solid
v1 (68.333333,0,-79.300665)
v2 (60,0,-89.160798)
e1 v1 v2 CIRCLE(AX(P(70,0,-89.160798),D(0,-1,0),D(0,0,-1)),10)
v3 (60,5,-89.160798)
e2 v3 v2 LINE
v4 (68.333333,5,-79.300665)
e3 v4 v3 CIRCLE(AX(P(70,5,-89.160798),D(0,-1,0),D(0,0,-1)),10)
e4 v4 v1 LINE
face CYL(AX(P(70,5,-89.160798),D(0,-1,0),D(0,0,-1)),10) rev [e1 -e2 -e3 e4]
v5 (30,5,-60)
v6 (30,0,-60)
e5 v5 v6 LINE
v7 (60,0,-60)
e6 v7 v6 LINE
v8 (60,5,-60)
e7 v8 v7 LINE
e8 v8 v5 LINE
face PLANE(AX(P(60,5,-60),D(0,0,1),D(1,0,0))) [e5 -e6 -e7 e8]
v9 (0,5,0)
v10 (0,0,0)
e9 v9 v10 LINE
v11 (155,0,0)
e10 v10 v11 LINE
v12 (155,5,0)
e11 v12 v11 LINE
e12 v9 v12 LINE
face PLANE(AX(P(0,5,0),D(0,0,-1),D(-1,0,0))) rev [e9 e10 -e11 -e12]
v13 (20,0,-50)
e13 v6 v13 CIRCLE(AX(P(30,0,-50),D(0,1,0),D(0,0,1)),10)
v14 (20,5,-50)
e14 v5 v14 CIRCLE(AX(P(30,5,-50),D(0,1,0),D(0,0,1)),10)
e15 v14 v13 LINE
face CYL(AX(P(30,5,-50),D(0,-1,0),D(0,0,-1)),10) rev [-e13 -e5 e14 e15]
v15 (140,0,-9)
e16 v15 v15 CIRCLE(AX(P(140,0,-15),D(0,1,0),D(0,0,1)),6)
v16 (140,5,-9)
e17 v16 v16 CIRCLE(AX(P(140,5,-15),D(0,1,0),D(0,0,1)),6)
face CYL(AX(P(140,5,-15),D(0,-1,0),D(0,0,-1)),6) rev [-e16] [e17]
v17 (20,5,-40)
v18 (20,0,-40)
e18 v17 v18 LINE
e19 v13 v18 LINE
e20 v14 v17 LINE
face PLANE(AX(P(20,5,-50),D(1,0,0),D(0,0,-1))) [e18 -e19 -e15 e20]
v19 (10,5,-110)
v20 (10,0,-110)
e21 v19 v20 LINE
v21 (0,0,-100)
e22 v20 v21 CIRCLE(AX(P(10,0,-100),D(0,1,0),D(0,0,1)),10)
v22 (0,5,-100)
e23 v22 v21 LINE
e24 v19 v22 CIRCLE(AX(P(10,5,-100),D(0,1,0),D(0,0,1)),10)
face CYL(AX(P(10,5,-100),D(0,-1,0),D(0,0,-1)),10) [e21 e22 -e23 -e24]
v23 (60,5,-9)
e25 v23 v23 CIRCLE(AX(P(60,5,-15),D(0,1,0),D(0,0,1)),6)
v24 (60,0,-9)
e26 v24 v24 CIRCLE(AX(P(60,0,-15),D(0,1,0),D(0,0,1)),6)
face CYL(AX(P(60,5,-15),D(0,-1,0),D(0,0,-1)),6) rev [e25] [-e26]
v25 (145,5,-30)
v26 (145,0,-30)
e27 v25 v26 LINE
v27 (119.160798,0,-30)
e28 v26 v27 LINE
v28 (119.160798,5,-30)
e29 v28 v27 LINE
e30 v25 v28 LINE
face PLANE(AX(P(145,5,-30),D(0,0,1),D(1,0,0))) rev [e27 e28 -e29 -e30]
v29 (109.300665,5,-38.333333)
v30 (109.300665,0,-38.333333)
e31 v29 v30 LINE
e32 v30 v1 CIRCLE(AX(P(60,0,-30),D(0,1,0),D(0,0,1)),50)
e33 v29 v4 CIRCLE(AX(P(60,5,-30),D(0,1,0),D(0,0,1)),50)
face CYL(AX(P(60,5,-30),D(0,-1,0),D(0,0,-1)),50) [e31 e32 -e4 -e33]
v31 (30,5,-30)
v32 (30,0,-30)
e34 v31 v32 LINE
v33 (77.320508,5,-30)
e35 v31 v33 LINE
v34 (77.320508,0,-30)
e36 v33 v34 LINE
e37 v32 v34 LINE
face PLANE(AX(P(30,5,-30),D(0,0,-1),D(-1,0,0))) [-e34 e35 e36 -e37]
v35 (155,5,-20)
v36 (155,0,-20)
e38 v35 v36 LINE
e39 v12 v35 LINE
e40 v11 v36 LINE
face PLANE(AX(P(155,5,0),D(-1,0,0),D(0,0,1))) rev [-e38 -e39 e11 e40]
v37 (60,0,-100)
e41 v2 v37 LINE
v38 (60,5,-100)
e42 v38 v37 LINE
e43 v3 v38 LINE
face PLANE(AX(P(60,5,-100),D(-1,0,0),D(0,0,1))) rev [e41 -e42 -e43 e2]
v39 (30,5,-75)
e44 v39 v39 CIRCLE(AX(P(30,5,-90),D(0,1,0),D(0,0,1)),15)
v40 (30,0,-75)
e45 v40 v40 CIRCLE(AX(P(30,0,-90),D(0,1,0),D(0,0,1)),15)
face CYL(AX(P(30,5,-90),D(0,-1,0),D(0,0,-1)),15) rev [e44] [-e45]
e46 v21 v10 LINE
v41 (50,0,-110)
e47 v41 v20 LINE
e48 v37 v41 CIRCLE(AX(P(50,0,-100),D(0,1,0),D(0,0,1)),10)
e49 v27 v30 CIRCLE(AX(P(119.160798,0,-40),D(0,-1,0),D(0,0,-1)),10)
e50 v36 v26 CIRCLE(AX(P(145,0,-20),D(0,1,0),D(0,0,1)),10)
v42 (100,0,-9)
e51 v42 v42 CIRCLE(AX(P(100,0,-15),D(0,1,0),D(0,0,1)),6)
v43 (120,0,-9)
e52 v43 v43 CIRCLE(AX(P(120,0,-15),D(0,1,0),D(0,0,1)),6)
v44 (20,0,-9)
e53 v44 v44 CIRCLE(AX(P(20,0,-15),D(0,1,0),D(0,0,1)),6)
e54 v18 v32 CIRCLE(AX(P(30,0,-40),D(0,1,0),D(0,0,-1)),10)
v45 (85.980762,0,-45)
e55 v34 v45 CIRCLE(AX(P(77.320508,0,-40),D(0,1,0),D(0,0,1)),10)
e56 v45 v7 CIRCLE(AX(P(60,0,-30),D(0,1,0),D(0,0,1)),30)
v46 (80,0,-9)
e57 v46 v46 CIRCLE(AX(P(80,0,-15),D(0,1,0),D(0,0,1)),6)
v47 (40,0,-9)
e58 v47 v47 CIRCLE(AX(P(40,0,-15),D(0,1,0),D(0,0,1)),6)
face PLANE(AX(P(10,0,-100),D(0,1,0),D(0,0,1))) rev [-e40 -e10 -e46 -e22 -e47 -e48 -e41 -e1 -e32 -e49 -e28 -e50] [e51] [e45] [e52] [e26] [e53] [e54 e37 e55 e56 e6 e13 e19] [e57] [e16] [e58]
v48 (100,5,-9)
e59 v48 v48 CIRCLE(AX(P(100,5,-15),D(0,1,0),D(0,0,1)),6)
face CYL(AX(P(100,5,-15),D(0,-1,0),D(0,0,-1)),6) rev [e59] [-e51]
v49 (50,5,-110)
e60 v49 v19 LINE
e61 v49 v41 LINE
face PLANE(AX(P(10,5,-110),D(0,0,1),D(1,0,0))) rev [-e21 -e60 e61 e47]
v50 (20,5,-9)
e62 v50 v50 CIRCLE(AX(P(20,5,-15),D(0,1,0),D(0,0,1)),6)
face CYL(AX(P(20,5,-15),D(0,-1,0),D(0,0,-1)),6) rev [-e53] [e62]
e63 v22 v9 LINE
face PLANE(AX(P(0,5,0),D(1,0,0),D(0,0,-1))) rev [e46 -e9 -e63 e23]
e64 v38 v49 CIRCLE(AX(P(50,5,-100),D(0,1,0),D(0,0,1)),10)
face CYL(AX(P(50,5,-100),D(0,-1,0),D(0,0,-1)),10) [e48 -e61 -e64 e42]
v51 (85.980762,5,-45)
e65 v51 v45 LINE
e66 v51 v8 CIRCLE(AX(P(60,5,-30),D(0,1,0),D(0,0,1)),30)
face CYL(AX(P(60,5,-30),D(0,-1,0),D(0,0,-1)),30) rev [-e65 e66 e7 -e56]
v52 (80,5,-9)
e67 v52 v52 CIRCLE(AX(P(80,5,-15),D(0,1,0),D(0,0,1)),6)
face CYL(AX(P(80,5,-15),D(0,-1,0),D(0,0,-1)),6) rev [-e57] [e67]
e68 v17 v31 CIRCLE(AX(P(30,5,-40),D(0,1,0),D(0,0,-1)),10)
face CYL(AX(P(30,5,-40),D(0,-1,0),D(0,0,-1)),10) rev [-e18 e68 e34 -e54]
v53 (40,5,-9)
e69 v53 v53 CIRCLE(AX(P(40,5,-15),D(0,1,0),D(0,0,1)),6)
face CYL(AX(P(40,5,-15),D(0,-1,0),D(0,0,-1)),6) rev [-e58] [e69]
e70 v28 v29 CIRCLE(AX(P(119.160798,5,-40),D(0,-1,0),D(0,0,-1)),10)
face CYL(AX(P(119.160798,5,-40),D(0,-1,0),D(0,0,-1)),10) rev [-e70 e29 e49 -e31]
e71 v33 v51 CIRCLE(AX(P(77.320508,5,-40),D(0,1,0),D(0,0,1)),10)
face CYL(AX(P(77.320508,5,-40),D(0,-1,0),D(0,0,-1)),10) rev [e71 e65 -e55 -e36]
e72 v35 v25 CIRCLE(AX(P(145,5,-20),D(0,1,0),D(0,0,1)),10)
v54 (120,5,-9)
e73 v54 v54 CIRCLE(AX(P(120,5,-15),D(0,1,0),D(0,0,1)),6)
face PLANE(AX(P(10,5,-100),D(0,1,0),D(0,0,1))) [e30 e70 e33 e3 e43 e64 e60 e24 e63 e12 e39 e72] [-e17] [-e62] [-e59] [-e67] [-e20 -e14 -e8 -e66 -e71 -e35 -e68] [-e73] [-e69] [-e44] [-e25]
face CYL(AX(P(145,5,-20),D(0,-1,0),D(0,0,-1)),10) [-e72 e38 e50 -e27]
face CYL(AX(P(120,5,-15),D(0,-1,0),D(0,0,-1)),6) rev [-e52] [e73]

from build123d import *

# Parameters (mm, degrees)
SKETCH1_R           = 6
SKETCH1_R_2         = 15
BOSS_EXTRUDE1_DEPTH = 5


with BuildPart() as part:
    # Sketch1 → Boss-Extrude1 (new body)
    with BuildSketch(Plane(origin=(0, 0, 0), x_dir=(1, 0, 0), z_dir=(0, 1, 0))):
        with BuildLine():
            Line((0, 0), (155, 0))
            Line((155, 0), (155, 20))
            ThreePointArc((155, 20), (152.071067812, 27.071067812), (145, 30))
            Line((145, 30), (119.160797831, 30))
            ThreePointArc((119.160797831, 30), (112.705825587, 32.362373842), (109.300664859, 38.333333333))
            ThreePointArc((109.300664859, 38.333333333), (95.355339059, 65.355339059), (68.333333333, 79.300664859))
            ThreePointArc((68.333333333, 79.300664859), (62.362373842, 82.705825587), (60, 89.160797831))
            Line((60, 89.160797831), (60, 100))
            ThreePointArc((60, 100), (57.071067812, 107.071067812), (50, 110))
            Line((50, 110), (10, 110))
            ThreePointArc((10, 110), (2.928932188, 107.071067812), (0, 100))
            Line((0, 100), (0, 0))
        make_face()
        with Locations((20, 15)):
            Circle(SKETCH1_R, mode=Mode.SUBTRACT)
        with Locations((40, 15)):
            Circle(SKETCH1_R, mode=Mode.SUBTRACT)
        with Locations((60, 15)):
            Circle(SKETCH1_R, mode=Mode.SUBTRACT)
        with Locations((80, 15)):
            Circle(SKETCH1_R, mode=Mode.SUBTRACT)
        with Locations((100, 15)):
            Circle(SKETCH1_R, mode=Mode.SUBTRACT)
        with Locations((120, 15)):
            Circle(SKETCH1_R, mode=Mode.SUBTRACT)
        with Locations((140, 15)):
            Circle(SKETCH1_R, mode=Mode.SUBTRACT)
        with Locations((30, 90)):
            Circle(SKETCH1_R_2, mode=Mode.SUBTRACT)
        with BuildLine():
            Line((60, 60), (30, 60))
            ThreePointArc((30, 60), (22.928932188, 57.071067812), (20, 50))
            Line((20, 50), (20, 40))
            ThreePointArc((20, 40), (22.928932188, 32.928932188), (30, 30))
            Line((30, 30), (77.320508076, 30))
            ThreePointArc((77.320508076, 30), (85.980762114, 35), (85.980762114, 45))
            ThreePointArc((85.980762114, 45), (75, 55.980762114), (60, 60))
        make_face(mode=Mode.SUBTRACT)
    extrude(amount=BOSS_EXTRUDE1_DEPTH)


solid = part.part
